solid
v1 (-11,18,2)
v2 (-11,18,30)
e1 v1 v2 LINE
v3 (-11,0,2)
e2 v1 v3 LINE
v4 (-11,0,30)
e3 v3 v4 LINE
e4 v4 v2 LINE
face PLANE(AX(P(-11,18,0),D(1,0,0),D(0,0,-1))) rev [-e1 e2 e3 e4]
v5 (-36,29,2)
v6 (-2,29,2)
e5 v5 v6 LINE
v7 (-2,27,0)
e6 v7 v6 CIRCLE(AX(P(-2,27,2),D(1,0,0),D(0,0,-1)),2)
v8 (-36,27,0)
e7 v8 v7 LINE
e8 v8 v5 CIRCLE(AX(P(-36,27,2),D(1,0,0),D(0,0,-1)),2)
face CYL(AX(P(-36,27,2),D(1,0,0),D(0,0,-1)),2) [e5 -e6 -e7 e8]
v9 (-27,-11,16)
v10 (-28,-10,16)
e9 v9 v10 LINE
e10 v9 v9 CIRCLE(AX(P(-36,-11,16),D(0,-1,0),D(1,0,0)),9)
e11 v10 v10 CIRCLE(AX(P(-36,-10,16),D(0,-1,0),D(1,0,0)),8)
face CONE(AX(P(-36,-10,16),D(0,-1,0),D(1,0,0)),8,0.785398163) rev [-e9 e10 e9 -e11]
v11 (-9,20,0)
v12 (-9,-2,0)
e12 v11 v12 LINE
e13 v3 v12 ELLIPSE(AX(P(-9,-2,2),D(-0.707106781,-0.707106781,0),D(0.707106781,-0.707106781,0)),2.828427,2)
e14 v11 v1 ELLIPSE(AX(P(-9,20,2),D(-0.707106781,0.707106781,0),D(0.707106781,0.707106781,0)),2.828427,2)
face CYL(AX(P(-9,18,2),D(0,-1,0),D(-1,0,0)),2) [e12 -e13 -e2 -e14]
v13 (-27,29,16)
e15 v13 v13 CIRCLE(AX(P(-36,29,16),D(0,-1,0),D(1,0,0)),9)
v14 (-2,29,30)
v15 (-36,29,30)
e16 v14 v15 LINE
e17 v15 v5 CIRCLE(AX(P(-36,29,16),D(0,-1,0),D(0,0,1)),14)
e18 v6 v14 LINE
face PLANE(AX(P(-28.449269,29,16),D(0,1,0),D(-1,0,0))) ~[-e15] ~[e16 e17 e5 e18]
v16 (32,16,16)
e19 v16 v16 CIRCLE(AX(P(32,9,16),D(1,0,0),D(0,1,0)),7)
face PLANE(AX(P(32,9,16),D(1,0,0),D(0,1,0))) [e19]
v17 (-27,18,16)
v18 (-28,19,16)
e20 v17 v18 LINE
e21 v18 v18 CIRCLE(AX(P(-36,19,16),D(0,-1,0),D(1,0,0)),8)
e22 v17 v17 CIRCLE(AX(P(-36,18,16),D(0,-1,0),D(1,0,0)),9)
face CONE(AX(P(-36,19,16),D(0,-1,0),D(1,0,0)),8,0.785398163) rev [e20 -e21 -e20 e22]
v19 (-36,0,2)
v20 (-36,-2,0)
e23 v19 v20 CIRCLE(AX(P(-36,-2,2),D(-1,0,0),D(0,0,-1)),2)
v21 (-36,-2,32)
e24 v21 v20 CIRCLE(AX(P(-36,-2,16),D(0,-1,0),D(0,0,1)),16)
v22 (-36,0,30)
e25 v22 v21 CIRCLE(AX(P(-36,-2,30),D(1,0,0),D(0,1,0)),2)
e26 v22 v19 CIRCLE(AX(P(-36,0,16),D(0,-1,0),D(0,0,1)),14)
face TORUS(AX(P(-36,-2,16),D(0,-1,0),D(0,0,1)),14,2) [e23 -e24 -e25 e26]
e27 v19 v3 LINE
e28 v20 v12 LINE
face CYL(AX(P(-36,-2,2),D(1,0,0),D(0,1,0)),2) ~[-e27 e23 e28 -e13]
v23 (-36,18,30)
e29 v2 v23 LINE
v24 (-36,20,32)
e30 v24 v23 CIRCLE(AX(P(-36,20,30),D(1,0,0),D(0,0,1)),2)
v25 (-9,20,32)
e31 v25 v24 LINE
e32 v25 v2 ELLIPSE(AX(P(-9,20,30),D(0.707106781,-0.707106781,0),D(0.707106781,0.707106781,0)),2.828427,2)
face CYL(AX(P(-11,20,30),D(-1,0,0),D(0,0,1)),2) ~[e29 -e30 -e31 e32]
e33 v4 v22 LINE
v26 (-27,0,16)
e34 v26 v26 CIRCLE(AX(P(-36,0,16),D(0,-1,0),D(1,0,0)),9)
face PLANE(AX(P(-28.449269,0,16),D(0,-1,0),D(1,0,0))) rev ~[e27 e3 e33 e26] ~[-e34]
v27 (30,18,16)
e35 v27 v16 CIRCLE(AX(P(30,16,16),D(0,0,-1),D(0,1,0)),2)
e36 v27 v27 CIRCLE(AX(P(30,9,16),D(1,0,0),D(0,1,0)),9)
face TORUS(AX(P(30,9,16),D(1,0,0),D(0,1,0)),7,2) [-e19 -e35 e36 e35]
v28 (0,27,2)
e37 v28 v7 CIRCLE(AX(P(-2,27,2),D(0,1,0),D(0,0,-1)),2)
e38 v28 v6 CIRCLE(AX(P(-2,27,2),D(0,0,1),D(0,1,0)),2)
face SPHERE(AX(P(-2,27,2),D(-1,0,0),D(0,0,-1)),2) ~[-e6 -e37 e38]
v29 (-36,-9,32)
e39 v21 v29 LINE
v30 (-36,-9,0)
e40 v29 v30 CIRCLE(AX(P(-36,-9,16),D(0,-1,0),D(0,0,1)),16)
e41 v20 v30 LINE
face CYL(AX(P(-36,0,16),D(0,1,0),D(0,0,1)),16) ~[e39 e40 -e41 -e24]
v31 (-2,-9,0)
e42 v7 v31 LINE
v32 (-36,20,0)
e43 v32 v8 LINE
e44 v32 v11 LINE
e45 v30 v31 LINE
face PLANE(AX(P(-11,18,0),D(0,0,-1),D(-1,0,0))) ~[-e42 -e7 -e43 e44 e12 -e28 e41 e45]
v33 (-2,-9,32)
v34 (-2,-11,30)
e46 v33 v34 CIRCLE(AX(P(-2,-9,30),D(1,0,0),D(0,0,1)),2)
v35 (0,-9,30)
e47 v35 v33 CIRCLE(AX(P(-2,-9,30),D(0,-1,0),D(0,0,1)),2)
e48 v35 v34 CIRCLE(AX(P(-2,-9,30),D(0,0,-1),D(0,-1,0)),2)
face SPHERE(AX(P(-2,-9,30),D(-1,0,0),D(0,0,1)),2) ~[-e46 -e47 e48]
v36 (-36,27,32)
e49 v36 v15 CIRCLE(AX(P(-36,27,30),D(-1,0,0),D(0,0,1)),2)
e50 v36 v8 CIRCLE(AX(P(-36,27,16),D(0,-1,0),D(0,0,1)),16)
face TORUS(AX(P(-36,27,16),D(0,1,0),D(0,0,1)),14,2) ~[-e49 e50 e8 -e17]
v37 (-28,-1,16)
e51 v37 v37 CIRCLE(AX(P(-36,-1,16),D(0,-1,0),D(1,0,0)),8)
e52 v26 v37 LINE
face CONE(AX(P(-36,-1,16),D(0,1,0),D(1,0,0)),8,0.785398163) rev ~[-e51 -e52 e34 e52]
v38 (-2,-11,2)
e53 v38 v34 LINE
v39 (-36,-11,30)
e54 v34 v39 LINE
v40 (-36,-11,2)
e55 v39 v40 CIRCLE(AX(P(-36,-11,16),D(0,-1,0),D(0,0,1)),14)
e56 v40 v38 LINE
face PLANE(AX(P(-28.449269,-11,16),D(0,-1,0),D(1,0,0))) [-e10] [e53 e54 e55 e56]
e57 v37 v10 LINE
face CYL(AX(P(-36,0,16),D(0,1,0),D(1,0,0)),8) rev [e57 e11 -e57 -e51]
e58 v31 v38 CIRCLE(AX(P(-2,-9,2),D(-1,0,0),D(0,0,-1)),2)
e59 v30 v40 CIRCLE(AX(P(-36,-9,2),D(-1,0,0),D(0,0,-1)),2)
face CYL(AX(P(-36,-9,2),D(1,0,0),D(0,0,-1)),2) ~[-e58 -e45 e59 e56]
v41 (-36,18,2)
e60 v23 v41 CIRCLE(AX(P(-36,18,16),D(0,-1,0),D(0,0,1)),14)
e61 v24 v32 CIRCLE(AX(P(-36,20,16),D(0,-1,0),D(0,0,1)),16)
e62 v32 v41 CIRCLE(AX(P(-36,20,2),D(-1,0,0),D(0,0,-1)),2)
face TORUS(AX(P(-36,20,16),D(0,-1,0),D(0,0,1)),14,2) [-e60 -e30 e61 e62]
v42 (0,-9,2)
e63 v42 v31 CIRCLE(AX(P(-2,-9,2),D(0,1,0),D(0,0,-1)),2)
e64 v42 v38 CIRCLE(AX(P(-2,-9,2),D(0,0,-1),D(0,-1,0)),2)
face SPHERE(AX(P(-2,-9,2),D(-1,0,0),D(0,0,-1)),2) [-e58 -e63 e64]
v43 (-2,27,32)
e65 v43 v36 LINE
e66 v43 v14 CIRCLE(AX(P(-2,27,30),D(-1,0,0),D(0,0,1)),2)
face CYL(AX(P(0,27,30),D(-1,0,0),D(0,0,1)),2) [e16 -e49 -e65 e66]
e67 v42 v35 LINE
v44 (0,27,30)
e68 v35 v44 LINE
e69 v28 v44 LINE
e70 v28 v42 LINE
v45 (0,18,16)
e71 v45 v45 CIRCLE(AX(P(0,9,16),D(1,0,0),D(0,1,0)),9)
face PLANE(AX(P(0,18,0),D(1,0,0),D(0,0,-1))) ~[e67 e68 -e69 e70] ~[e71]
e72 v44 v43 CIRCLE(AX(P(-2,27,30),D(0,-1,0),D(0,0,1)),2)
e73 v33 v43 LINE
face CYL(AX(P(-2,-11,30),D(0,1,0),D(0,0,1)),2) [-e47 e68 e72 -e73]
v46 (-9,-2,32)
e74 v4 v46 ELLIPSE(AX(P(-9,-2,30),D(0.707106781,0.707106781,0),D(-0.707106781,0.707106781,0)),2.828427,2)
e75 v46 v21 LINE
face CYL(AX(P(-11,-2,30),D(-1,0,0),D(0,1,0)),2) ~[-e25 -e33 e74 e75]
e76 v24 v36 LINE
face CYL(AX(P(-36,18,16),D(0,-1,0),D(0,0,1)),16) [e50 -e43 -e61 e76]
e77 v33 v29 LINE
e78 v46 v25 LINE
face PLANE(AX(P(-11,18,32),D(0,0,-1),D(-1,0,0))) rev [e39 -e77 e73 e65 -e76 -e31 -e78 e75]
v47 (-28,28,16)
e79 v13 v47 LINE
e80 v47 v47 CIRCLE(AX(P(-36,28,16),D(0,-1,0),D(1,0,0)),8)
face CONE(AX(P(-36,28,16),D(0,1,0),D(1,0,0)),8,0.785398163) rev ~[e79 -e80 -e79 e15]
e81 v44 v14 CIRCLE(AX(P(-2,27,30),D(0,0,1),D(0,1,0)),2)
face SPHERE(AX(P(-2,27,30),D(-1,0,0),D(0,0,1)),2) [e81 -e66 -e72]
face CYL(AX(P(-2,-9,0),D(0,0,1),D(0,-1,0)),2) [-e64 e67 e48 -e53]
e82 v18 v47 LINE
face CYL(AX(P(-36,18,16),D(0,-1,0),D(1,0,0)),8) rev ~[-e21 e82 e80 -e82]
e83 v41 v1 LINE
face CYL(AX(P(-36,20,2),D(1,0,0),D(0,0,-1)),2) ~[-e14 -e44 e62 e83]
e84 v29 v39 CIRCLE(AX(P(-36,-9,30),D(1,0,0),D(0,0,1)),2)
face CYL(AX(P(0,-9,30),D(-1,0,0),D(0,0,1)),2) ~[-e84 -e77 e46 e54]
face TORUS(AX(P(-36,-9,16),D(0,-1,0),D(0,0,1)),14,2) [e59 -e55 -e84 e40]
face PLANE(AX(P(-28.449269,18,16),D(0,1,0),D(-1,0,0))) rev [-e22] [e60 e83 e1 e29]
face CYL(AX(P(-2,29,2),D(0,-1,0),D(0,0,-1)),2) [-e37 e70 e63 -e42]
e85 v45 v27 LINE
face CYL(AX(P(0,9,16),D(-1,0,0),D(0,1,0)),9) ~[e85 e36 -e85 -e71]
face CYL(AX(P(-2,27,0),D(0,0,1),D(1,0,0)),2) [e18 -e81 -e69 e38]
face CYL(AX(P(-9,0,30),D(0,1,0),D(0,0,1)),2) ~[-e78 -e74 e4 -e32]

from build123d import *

# Parameters (mm, degrees)
F0_R     = 8
F0_W     = 11
F0_H     = 32
F1_DEPTH = 11
F2_DEPTH = 9
F4_R     = 9
F5_DEPTH = 32
F6_SIZE  = 1
F7_R     = 2


with BuildPart() as f1:
    # F0 (on Front) → F1 (new body)
    with BuildSketch(Plane.XZ):
        with BuildLine():
            Line((-36, 0), (-11, 0))
            Line((-11, 0), (-11, 32))
            Line((-11, 32), (-36, 32))
            ThreePointArc((-36, 32), (-52, 16), (-36, 0))
        make_face()
        with Locations((-36, 16)):
            Circle(F0_R, mode=Mode.SUBTRACT)
        with Locations((-5.5, 16)):
            Rectangle(F0_W, F0_H)
    extrude(amount=F1_DEPTH)

    # F0 (on Front) → F2 (join)
    with BuildSketch(Plane.XZ):
        with Locations((-5.5, 16)):
            Rectangle(F0_W, F0_H)
    extrude(amount=-F2_DEPTH)

    # F3: F1 across face


with BuildPart() as f1_1:
    add(f1.part)
    add(f1.part.mirror(Plane(origin=(-5.5, 9, 16), x_dir=(1, 0, 0), z_dir=(0, 1, 0))))

    # F4 (on face) → F5 (join)
    with BuildSketch(Plane.YZ):
        with Locations((9, 16)):
            Circle(F4_R)
    extrude(amount=F5_DEPTH)

    # F6
    f6_edges = [f1_1.edges().sort_by_distance(p)[0] for p in [
        (-28, -5.5, 16),
        (-44, 0, 16),
        (-44, -11, 16),
        (-28, 23.5, 16),
        (-44, 18, 16),
        (-44, 29, 16),
    ]]
    chamfer(f6_edges, length=F6_SIZE)

    # F7
    f7_edges = [f1_1.edges().sort_by_distance(p)[0] for p in [
        (-18, -11, 32),
        (-36, -5.5, 32),
        (-23.5, 0, 32),
        (-11, 9, 32),
        (-23.5, 18, 32),
        (-36, 23.5, 32),
        (-18, 29, 32),
        (0, 9, 32),
        (-36, -5.5, 0),
        (-18, -11, 0),
        (0, 9, 0),
        (-18, 29, 0),
        (-36, 23.5, 0),
        (-23.5, 18, 0),
        (-11, 9, 0),
        (-23.5, 0, 0),
        (32, 0, 16),
        (0, 29, 16),
        (0, -11, 16),
    ]]
    fillet(f7_edges, radius=F7_R)


solid = f1_1.part
